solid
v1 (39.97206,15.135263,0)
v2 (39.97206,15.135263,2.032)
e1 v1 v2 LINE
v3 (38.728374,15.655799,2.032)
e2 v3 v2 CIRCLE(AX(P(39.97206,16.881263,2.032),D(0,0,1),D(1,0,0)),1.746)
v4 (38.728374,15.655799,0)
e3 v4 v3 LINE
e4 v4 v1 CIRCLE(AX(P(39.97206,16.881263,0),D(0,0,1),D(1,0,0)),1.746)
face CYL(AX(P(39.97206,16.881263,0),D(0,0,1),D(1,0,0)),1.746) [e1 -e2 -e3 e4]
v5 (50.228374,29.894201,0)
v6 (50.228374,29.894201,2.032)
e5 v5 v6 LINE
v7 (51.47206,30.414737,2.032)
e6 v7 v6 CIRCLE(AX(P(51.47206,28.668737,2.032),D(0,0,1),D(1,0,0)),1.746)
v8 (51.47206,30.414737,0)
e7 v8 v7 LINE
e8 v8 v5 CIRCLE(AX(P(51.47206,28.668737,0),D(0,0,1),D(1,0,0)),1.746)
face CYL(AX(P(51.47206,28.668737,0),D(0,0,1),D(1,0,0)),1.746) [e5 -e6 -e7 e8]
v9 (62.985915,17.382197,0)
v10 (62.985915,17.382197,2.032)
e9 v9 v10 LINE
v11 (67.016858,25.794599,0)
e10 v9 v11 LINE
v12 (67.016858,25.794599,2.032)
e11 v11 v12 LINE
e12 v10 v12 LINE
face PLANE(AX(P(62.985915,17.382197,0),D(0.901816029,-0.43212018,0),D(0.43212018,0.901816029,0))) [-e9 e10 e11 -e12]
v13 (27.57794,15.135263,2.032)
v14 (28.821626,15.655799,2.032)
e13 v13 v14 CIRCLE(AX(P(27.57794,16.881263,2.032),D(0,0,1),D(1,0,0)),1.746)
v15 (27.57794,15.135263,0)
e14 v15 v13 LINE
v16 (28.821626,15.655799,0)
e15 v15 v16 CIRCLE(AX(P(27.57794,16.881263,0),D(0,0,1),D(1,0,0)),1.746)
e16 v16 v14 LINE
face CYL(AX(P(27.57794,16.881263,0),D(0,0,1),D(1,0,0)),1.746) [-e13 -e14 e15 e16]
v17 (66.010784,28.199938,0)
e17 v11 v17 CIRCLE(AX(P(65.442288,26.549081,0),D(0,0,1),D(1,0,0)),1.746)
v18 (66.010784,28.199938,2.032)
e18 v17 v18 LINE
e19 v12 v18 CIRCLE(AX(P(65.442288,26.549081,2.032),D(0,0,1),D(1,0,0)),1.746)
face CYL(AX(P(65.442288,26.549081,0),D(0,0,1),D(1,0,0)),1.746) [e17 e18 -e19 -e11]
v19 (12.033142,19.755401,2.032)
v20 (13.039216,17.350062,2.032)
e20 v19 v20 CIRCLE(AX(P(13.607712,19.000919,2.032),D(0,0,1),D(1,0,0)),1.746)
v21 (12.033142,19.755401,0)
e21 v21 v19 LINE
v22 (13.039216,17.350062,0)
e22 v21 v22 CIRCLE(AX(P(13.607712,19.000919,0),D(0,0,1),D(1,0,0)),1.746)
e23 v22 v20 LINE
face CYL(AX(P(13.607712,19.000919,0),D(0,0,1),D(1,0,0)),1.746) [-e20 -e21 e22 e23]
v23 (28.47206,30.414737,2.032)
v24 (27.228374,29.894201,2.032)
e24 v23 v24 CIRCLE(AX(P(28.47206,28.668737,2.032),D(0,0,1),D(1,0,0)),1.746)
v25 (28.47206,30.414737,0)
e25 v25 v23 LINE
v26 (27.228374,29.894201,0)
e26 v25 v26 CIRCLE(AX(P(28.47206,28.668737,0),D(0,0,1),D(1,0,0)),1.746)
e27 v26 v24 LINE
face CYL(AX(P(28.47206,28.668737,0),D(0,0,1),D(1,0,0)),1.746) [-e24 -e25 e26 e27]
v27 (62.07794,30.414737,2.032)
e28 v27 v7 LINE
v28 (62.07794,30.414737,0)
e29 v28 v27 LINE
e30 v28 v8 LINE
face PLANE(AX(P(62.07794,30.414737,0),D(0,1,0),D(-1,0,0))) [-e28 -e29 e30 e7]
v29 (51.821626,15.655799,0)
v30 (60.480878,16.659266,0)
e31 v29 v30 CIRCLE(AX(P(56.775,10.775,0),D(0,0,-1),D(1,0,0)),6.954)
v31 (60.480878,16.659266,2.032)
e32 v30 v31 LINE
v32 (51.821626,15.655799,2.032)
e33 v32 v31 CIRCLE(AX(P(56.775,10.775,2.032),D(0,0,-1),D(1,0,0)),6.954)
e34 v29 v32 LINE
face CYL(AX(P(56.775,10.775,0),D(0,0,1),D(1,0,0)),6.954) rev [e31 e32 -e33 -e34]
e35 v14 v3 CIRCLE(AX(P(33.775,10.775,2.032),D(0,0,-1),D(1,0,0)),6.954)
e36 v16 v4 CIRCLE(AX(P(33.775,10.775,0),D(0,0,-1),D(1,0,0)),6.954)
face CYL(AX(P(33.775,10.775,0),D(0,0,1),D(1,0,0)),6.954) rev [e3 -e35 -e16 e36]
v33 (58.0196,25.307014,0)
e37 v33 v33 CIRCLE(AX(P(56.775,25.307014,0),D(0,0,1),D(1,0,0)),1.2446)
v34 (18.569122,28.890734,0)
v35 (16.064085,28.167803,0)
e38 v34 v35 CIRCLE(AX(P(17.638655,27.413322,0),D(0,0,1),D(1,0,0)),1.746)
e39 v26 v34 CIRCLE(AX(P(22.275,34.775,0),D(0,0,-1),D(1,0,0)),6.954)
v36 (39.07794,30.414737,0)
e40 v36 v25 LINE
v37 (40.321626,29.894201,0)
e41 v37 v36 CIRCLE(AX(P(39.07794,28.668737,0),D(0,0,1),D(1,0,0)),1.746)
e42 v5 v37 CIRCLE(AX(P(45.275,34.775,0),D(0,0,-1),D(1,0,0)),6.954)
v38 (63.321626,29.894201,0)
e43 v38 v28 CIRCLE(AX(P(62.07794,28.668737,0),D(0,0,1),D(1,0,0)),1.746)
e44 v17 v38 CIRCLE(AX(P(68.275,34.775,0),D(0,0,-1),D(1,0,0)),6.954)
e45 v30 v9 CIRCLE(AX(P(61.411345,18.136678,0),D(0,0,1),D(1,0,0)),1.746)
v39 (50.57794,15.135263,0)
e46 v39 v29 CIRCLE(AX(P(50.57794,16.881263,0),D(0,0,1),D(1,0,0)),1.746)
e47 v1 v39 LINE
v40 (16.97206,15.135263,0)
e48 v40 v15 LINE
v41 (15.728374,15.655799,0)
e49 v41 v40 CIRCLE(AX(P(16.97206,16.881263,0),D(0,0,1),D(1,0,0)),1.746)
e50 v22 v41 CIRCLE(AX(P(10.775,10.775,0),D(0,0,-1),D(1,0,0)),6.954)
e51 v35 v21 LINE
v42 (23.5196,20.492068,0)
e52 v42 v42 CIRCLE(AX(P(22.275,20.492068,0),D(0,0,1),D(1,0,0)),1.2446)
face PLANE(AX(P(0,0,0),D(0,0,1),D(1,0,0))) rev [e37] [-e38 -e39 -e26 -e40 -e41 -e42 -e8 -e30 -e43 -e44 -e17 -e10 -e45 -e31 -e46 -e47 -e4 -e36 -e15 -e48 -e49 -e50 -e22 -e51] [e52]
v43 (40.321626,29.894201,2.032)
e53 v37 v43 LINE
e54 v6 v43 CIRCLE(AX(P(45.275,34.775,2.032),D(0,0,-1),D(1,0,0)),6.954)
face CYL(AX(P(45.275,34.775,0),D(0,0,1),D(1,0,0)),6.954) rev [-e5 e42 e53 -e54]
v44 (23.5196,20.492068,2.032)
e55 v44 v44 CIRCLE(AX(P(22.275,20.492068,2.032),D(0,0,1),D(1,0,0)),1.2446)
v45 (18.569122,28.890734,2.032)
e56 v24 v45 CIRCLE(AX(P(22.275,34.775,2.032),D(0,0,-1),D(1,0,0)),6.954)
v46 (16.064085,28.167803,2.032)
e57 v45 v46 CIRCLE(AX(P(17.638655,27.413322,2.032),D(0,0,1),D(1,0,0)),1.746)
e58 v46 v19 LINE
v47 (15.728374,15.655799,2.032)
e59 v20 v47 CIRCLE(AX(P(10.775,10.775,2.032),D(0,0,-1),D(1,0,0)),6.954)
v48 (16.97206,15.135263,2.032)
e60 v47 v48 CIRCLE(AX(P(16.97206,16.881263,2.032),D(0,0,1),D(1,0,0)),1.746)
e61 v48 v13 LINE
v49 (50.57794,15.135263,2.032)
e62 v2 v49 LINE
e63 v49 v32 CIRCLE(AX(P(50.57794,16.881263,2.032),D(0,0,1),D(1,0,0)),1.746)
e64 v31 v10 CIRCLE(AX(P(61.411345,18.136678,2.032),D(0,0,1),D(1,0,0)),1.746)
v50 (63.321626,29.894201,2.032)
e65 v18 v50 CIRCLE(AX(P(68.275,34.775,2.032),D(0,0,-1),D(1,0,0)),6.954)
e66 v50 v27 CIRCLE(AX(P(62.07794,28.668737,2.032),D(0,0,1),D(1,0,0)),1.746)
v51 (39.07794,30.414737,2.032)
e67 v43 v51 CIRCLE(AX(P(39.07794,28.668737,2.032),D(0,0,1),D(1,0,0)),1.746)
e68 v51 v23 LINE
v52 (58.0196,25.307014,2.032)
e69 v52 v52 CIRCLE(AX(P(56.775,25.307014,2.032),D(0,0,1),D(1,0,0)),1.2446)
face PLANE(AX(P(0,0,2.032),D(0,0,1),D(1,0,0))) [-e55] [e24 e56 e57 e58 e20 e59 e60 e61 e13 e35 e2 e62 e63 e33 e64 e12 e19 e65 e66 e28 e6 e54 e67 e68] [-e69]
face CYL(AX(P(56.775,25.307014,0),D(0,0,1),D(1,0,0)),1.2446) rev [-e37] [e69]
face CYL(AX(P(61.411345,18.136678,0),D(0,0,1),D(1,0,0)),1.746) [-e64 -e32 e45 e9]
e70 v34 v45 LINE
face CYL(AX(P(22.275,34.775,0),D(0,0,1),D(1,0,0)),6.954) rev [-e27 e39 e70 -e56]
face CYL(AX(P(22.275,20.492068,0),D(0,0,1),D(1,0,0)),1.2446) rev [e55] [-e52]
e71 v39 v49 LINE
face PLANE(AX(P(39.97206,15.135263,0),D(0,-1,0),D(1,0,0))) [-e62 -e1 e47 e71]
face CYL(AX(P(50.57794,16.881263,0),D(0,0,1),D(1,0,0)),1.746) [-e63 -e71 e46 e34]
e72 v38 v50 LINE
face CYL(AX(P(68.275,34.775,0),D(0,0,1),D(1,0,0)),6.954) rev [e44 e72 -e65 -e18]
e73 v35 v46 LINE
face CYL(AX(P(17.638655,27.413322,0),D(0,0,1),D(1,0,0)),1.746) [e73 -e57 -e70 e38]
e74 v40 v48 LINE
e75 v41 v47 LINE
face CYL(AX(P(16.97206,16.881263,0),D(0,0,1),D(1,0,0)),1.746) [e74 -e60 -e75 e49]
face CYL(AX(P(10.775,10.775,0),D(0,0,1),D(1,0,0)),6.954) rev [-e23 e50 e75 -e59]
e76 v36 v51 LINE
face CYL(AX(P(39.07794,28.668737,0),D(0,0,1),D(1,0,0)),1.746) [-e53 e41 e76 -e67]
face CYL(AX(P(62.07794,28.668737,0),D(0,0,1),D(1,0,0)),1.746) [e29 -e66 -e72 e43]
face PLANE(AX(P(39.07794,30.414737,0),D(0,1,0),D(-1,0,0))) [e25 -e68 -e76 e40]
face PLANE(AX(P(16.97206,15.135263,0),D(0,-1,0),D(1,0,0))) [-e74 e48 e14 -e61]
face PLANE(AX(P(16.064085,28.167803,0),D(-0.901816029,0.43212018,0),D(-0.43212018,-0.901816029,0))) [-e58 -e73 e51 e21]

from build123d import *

# Parameters (mm, degrees)
BOSS_EXTRUDE1_DEPTH = 2.032
FILLET1_R           = 2
SKETCH4_R           = 1.2446
CUT_EXTRUDE1_DEPTH  = 75.115872934
CUT_EXTRUDE2_DEPTH  = 75.115872934


with BuildPart() as part:
    # Sketch3 → Boss-Extrude1 (new body)
    with BuildSketch(Plane.XY):
        with BuildLine():
            Line((62.980794963, 30.66873734), (50.569205037, 30.66873734))
            ThreePointArc((50.569205037, 30.66873734), (45.275, 28.075), (39.980794963, 30.66873734))
            Line((39.980794963, 30.66873734), (27.569205037, 30.66873734))
            ThreePointArc((27.569205037, 30.66873734), (22.275, 28.075), (16.980794963, 30.66873734))
            Line((16.980794963, 30.66873734), (10.658308864, 17.473983742))
            ThreePointArc((10.658308864, 17.473983742), (13.670205209, 16.817167392), (16.069205037, 14.88126266))
            Line((16.069205037, 14.88126266), (28.480794963, 14.88126266))
            ThreePointArc((28.480794963, 14.88126266), (33.775, 17.475), (39.069205037, 14.88126266))
            Line((39.069205037, 14.88126266), (51.480794963, 14.88126266))
            ThreePointArc((51.480794963, 14.88126266), (56.775, 17.475), (62.069205037, 14.88126266))
            Line((62.069205037, 14.88126266), (68.391691136, 28.076016258))
            ThreePointArc((68.391691136, 28.076016258), (65.379794791, 28.732832608), (62.980794963, 30.66873734))
        make_face()
    extrude(amount=BOSS_EXTRUDE1_DEPTH)

    # Fillet1
    fillet1_edges = [part.edges().sort_by_distance(p)[0] for p in [
        (68.391691136, 28.076016258, 1.016),
        (62.069205037, 14.88126266, 1.016),
        (51.480794963, 14.88126266, 1.016),
        (39.069205037, 14.88126266, 1.016),
        (28.480794963, 14.88126266, 1.016),
        (16.069205037, 14.88126266, 1.016),
        (10.658308864, 17.473983742, 1.016),
        (16.980794963, 30.66873734, 1.016),
        (27.569205037, 30.66873734, 1.016),
        (39.980794963, 30.66873734, 1.016),
        (50.569205037, 30.66873734, 1.016),
        (62.980794963, 30.66873734, 1.016),
    ]]
    fillet(fillet1_edges, radius=FILLET1_R)

    # Sketch4 → Cut-Extrude1 (cut, through all)
    with BuildSketch(Plane.XY.offset(2.032)):
        with Locations((22.275, 20.49206771)):
            Circle(SKETCH4_R)
        with Locations((56.775, 25.307013878)):
            Circle(SKETCH4_R)
    extrude(amount=-CUT_EXTRUDE1_DEPTH, mode=Mode.SUBTRACT)

    # Sketch6 → Cut-Extrude2 (cut, through all)
    with BuildSketch(Plane.XY.offset(2.032)):
        with BuildLine():
            Line((62.077939702, 30.66873734), (51.472060298, 30.66873734))
            ThreePointArc((51.472060298, 30.66873734), (50.699880618, 30.513659708), (50.047448735, 30.072475883))
            ThreePointArc((50.047448735, 30.072475883), (45.275, 28.075), (40.502551265, 30.072475883))
            ThreePointArc((40.502551265, 30.072475883), (39.850119382, 30.513659708), (39.077939702, 30.66873734))
            Line((39.077939702, 30.66873734), (28.472060298, 30.66873734))
            ThreePointArc((28.472060298, 30.66873734), (27.699880618, 30.513659708), (27.047448735, 30.072475883))
            ThreePointArc((27.047448735, 30.072475883), (23.046259875, 28.119539219), (18.704481797, 29.105661435))
            ThreePointArc((18.704481797, 29.105661435), (17.084104729, 29.334902549), (15.835023411, 28.277561926))
            Line((15.835023411, 28.277561926), (11.804080417, 19.865159157))
            ThreePointArc((11.804080417, 19.865159157), (11.762608918, 18.229172162), (12.956514205, 17.109902981))
            ThreePointArc((12.956514205, 17.109902981), (14.346493431, 16.443724254), (15.547448735, 15.477524117))
            ThreePointArc((15.547448735, 15.477524117), (16.199880618, 15.036340292), (16.972060298, 14.88126266))
            Line((16.972060298, 14.88126266), (27.577939702, 14.88126266))
            ThreePointArc((27.577939702, 14.88126266), (28.350119382, 15.036340292), (29.002551265, 15.477524117))
            ThreePointArc((29.002551265, 15.477524117), (33.775, 17.475), (38.547448735, 15.477524117))
            ThreePointArc((38.547448735, 15.477524117), (39.199880618, 15.036340292), (39.972060298, 14.88126266))
            Line((39.972060298, 14.88126266), (50.577939702, 14.88126266))
            ThreePointArc((50.577939702, 14.88126266), (51.350119382, 15.036340292), (52.002551265, 15.477524117))
            ThreePointArc((52.002551265, 15.477524117), (56.003740125, 17.430460781), (60.345518203, 16.444338565))
            ThreePointArc((60.345518203, 16.444338565), (61.965895271, 16.215097451), (63.214976589, 17.272438074))
            Line((63.214976589, 17.272438074), (67.245919583, 25.684840843))
            ThreePointArc((67.245919583, 25.684840843), (67.287391082, 27.320827838), (66.093485795, 28.440097019))
            ThreePointArc((66.093485795, 28.440097019), (64.703506569, 29.106275746), (63.502551265, 30.072475883))
            ThreePointArc((63.502551265, 30.072475883), (62.850119382, 30.513659708), (62.077939702, 30.66873734))
        make_face()
        with BuildLine():
            Line((16.064084682, 28.1678034), (12.033141688, 19.755400631))
            ThreePointArc((12.033141688, 19.755400631), (11.99693707, 18.327183984), (13.039216385, 17.350061989))
            ThreePointArc((13.039216385, 17.350061989), (14.481890346, 16.658628129), (15.728374403, 15.655798912))
            ThreePointArc((15.728374403, 15.655798912), (16.297947437, 15.270645433), (16.972060298, 15.13526266))
            Line((16.972060298, 15.13526266), (27.577939702, 15.13526266))
            ThreePointArc((27.577939702, 15.13526266), (28.252052563, 15.270645433), (28.821625597, 15.655798912))
            ThreePointArc((28.821625597, 15.655798912), (33.775, 17.729), (38.728374403, 15.655798912))
            ThreePointArc((38.728374403, 15.655798912), (39.297947437, 15.270645433), (39.972060298, 15.13526266))
            Line((39.972060298, 15.13526266), (50.577939702, 15.13526266))
            ThreePointArc((50.577939702, 15.13526266), (51.252052563, 15.270645433), (51.821625597, 15.655798912))
            ThreePointArc((51.821625597, 15.655798912), (55.974501318, 17.682772279), (60.480878147, 16.659265728))
            ThreePointArc((60.480878147, 16.659265728), (61.895467327, 16.459138236), (62.985915318, 17.3821966))
            Line((62.985915318, 17.3821966), (67.016858312, 25.794599369))
            ThreePointArc((67.016858312, 25.794599369), (67.05306293, 27.222816016), (66.010783615, 28.199938011))
            ThreePointArc((66.010783615, 28.199938011), (64.568109654, 28.891371871), (63.321625597, 29.894201088))
            ThreePointArc((63.321625597, 29.894201088), (62.752052563, 30.279354567), (62.077939702, 30.41473734))
            Line((62.077939702, 30.41473734), (51.472060298, 30.41473734))
            ThreePointArc((51.472060298, 30.41473734), (50.797947437, 30.279354567), (50.228374403, 29.894201088))
            ThreePointArc((50.228374403, 29.894201088), (45.275, 27.821), (40.321625597, 29.894201088))
            ThreePointArc((40.321625597, 29.894201088), (39.752052563, 30.279354567), (39.077939702, 30.41473734))
            Line((39.077939702, 30.41473734), (28.472060298, 30.41473734))
            ThreePointArc((28.472060298, 30.41473734), (27.797947437, 30.279354567), (27.228374403, 29.894201088))
            ThreePointArc((27.228374403, 29.894201088), (23.075498682, 27.867227721), (18.569121853, 28.890734272))
            ThreePointArc((18.569121853, 28.890734272), (17.154532673, 29.090861764), (16.064084682, 28.1678034))
        make_face(mode=Mode.SUBTRACT)
    extrude(amount=-CUT_EXTRUDE2_DEPTH, mode=Mode.SUBTRACT)


solid = part.part
